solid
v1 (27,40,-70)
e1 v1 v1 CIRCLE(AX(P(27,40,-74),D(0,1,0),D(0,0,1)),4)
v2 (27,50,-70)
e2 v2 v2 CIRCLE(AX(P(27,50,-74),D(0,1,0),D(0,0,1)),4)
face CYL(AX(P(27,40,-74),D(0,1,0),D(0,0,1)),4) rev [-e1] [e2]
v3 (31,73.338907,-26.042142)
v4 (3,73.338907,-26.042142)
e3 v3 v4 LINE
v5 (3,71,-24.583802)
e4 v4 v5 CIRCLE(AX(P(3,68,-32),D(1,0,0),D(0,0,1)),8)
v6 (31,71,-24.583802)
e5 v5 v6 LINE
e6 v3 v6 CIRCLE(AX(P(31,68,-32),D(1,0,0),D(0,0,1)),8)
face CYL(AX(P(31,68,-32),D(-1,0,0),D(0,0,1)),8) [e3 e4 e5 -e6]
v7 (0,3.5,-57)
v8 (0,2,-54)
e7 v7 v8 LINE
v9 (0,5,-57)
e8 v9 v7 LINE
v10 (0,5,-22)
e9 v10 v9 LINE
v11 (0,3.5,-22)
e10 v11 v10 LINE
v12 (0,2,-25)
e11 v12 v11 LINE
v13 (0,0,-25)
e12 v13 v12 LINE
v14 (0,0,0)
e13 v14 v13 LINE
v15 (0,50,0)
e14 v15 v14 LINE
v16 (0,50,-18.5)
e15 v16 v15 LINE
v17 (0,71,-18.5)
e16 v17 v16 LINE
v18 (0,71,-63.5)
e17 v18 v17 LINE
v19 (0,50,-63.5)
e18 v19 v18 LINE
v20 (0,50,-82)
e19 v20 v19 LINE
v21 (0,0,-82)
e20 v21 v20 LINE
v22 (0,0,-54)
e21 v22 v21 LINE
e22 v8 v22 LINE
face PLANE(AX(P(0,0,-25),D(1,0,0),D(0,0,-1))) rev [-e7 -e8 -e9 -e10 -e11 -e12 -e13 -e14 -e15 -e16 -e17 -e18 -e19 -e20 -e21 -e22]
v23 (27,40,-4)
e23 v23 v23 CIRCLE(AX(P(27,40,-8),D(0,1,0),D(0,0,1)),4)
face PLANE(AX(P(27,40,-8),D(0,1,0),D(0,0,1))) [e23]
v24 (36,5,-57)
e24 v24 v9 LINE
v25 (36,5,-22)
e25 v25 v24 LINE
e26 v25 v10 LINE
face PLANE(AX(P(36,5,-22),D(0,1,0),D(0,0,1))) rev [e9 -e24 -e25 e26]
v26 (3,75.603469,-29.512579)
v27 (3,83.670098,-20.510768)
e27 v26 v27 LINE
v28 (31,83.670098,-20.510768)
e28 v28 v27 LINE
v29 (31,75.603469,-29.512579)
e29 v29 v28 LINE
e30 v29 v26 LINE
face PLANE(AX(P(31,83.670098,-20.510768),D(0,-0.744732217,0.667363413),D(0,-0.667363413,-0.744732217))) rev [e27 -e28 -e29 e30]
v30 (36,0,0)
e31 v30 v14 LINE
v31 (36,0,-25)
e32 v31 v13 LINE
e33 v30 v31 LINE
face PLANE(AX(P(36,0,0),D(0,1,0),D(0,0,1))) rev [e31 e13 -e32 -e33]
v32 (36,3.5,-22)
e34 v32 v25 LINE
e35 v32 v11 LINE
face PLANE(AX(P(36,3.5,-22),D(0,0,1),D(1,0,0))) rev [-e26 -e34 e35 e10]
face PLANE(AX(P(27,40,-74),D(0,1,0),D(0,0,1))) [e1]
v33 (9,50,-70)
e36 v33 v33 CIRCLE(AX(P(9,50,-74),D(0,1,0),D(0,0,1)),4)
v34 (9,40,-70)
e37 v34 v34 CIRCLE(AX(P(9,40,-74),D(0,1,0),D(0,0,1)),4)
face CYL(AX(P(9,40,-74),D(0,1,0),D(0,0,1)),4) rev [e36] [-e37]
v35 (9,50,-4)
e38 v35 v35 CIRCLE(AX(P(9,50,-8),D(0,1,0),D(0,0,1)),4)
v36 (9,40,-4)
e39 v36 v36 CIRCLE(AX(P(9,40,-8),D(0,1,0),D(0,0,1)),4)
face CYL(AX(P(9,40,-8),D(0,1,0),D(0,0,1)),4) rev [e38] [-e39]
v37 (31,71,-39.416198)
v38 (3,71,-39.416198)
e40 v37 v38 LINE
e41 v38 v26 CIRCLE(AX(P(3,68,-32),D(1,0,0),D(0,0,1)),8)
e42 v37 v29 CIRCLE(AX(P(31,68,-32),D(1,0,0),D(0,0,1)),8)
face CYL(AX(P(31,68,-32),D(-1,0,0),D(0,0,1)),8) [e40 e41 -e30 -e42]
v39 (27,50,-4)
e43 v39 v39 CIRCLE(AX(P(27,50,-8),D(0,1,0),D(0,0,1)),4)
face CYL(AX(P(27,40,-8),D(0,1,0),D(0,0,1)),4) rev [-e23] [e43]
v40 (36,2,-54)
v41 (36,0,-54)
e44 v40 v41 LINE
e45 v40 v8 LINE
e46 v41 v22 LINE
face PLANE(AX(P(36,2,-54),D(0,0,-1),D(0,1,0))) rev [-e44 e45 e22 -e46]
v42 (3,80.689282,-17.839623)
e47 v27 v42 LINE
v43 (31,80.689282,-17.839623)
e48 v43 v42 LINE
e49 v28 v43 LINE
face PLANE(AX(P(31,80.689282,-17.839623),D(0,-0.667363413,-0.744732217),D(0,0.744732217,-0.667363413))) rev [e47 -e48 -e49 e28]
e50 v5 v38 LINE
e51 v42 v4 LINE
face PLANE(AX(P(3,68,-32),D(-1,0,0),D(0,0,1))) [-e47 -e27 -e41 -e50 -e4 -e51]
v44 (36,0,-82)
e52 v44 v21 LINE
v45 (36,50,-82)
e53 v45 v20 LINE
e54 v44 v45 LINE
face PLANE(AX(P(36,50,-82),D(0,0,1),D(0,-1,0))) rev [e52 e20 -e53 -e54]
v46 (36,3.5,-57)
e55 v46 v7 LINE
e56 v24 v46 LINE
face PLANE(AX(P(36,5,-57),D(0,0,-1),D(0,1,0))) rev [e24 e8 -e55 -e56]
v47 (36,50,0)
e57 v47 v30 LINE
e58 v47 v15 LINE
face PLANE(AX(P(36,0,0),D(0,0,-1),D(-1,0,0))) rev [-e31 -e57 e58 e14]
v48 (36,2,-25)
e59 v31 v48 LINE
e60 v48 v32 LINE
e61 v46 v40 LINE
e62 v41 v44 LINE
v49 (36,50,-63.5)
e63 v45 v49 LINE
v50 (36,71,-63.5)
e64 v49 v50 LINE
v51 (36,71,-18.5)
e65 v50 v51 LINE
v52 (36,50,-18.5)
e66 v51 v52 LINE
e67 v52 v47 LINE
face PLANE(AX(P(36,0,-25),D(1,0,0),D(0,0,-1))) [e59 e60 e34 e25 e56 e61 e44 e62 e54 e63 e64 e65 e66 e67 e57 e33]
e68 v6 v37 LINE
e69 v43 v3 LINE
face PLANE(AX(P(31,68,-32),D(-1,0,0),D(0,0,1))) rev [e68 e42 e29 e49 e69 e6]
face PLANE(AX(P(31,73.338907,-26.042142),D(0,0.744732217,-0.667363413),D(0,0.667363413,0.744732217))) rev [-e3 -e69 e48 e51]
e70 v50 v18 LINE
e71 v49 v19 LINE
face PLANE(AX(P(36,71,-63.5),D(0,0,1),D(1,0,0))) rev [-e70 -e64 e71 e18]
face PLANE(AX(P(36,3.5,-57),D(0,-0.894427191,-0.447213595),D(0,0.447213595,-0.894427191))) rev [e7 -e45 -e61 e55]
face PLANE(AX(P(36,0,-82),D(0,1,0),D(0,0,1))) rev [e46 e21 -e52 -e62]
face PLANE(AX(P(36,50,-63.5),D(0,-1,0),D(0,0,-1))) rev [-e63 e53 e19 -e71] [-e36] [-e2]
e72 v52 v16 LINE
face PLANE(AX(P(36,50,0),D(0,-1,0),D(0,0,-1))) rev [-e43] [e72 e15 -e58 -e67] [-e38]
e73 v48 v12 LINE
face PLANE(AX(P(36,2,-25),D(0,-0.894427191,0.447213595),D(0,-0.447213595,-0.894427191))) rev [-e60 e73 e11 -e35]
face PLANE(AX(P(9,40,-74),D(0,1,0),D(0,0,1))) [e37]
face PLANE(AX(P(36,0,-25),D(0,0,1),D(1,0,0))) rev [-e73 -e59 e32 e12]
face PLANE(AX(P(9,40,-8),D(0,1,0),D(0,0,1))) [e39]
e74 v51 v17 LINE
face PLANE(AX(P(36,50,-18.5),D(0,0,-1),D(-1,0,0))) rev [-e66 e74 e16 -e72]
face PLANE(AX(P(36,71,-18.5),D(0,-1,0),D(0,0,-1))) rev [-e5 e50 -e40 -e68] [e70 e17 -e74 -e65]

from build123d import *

# Parameters (mm, degrees)
BASE_EXTRUSION_DEPTH    = 36
BOSS_EXTRU_3_DEPTH      = 28
ESQUISSE6_R             = 4
ENL_V_MAT_EXTRU_2_DEPTH = 10


with BuildPart() as part:
    # Esquisse1 → Base-Extrusion (new body)
    with BuildSketch(Plane(origin=(0, 0, 0), x_dir=(0, 0, -1), z_dir=(1, 0, 0))):
        Polygon((0, 0), (0, 50), (18.5, 50), (18.5, 71), (63.5, 71), (63.5, 50), (82, 50), (82, 0), (54, 0), (54, 2), (57, 3.5), (57, 5), (22, 5), (22, 3.5), (25, 2), (25, 0), align=None)
    extrude(amount=BASE_EXTRUSION_DEPTH)

    # Esquisse5 → Boss.-Extru.3 (add)
    with BuildSketch(Plane(origin=(3, 0, 0), x_dir=(0, 0, -1), z_dir=(1, 0, 0))):
        with BuildLine():
            Line((26.042142261, 73.3389073), (17.839623353, 80.689282216))
            Line((17.839623353, 80.689282216), (20.510768328, 83.670098489))
            Line((20.510768328, 83.670098489), (29.512578974, 75.603468724))
            ThreePointArc((29.512578974, 75.603468724), (36.695776389, 74.476857579), (40, 68))
            Line((40, 68), (24, 68))
            ThreePointArc((24, 68), (24.527956708, 70.858070861), (26.042142261, 73.3389073))
        make_face()
    extrude(amount=BOSS_EXTRU_3_DEPTH)

    # Esquisse6 → Enlèv. mat.-Extru.2 (cut)
    with BuildSketch(Plane(origin=(0, 50, 0), x_dir=(-1, 0, 0), z_dir=(0, 1, 0))):
        with Locations(Location((-9, -8, 0), (0, 0, 90))):
            Circle(ESQUISSE6_R)
        with Locations(Location((-27, -8, 0), (0, 0, 90))):
            Circle(ESQUISSE6_R)
        with Locations((-45, -8)):
            Circle(ESQUISSE6_R)
        with Locations((-63, -8)):
            Circle(ESQUISSE6_R)
        with Locations(Location((-9, -74, 0), (0, 0, 90))):
            Circle(ESQUISSE6_R)
        with Locations(Location((-27, -74, 0), (0, 0, 90))):
            Circle(ESQUISSE6_R)
        with Locations((-45, -74)):
            Circle(ESQUISSE6_R)
        with Locations((-63, -74)):
            Circle(ESQUISSE6_R)
    extrude(amount=-ENL_V_MAT_EXTRU_2_DEPTH, mode=Mode.SUBTRACT)


solid = part.part
